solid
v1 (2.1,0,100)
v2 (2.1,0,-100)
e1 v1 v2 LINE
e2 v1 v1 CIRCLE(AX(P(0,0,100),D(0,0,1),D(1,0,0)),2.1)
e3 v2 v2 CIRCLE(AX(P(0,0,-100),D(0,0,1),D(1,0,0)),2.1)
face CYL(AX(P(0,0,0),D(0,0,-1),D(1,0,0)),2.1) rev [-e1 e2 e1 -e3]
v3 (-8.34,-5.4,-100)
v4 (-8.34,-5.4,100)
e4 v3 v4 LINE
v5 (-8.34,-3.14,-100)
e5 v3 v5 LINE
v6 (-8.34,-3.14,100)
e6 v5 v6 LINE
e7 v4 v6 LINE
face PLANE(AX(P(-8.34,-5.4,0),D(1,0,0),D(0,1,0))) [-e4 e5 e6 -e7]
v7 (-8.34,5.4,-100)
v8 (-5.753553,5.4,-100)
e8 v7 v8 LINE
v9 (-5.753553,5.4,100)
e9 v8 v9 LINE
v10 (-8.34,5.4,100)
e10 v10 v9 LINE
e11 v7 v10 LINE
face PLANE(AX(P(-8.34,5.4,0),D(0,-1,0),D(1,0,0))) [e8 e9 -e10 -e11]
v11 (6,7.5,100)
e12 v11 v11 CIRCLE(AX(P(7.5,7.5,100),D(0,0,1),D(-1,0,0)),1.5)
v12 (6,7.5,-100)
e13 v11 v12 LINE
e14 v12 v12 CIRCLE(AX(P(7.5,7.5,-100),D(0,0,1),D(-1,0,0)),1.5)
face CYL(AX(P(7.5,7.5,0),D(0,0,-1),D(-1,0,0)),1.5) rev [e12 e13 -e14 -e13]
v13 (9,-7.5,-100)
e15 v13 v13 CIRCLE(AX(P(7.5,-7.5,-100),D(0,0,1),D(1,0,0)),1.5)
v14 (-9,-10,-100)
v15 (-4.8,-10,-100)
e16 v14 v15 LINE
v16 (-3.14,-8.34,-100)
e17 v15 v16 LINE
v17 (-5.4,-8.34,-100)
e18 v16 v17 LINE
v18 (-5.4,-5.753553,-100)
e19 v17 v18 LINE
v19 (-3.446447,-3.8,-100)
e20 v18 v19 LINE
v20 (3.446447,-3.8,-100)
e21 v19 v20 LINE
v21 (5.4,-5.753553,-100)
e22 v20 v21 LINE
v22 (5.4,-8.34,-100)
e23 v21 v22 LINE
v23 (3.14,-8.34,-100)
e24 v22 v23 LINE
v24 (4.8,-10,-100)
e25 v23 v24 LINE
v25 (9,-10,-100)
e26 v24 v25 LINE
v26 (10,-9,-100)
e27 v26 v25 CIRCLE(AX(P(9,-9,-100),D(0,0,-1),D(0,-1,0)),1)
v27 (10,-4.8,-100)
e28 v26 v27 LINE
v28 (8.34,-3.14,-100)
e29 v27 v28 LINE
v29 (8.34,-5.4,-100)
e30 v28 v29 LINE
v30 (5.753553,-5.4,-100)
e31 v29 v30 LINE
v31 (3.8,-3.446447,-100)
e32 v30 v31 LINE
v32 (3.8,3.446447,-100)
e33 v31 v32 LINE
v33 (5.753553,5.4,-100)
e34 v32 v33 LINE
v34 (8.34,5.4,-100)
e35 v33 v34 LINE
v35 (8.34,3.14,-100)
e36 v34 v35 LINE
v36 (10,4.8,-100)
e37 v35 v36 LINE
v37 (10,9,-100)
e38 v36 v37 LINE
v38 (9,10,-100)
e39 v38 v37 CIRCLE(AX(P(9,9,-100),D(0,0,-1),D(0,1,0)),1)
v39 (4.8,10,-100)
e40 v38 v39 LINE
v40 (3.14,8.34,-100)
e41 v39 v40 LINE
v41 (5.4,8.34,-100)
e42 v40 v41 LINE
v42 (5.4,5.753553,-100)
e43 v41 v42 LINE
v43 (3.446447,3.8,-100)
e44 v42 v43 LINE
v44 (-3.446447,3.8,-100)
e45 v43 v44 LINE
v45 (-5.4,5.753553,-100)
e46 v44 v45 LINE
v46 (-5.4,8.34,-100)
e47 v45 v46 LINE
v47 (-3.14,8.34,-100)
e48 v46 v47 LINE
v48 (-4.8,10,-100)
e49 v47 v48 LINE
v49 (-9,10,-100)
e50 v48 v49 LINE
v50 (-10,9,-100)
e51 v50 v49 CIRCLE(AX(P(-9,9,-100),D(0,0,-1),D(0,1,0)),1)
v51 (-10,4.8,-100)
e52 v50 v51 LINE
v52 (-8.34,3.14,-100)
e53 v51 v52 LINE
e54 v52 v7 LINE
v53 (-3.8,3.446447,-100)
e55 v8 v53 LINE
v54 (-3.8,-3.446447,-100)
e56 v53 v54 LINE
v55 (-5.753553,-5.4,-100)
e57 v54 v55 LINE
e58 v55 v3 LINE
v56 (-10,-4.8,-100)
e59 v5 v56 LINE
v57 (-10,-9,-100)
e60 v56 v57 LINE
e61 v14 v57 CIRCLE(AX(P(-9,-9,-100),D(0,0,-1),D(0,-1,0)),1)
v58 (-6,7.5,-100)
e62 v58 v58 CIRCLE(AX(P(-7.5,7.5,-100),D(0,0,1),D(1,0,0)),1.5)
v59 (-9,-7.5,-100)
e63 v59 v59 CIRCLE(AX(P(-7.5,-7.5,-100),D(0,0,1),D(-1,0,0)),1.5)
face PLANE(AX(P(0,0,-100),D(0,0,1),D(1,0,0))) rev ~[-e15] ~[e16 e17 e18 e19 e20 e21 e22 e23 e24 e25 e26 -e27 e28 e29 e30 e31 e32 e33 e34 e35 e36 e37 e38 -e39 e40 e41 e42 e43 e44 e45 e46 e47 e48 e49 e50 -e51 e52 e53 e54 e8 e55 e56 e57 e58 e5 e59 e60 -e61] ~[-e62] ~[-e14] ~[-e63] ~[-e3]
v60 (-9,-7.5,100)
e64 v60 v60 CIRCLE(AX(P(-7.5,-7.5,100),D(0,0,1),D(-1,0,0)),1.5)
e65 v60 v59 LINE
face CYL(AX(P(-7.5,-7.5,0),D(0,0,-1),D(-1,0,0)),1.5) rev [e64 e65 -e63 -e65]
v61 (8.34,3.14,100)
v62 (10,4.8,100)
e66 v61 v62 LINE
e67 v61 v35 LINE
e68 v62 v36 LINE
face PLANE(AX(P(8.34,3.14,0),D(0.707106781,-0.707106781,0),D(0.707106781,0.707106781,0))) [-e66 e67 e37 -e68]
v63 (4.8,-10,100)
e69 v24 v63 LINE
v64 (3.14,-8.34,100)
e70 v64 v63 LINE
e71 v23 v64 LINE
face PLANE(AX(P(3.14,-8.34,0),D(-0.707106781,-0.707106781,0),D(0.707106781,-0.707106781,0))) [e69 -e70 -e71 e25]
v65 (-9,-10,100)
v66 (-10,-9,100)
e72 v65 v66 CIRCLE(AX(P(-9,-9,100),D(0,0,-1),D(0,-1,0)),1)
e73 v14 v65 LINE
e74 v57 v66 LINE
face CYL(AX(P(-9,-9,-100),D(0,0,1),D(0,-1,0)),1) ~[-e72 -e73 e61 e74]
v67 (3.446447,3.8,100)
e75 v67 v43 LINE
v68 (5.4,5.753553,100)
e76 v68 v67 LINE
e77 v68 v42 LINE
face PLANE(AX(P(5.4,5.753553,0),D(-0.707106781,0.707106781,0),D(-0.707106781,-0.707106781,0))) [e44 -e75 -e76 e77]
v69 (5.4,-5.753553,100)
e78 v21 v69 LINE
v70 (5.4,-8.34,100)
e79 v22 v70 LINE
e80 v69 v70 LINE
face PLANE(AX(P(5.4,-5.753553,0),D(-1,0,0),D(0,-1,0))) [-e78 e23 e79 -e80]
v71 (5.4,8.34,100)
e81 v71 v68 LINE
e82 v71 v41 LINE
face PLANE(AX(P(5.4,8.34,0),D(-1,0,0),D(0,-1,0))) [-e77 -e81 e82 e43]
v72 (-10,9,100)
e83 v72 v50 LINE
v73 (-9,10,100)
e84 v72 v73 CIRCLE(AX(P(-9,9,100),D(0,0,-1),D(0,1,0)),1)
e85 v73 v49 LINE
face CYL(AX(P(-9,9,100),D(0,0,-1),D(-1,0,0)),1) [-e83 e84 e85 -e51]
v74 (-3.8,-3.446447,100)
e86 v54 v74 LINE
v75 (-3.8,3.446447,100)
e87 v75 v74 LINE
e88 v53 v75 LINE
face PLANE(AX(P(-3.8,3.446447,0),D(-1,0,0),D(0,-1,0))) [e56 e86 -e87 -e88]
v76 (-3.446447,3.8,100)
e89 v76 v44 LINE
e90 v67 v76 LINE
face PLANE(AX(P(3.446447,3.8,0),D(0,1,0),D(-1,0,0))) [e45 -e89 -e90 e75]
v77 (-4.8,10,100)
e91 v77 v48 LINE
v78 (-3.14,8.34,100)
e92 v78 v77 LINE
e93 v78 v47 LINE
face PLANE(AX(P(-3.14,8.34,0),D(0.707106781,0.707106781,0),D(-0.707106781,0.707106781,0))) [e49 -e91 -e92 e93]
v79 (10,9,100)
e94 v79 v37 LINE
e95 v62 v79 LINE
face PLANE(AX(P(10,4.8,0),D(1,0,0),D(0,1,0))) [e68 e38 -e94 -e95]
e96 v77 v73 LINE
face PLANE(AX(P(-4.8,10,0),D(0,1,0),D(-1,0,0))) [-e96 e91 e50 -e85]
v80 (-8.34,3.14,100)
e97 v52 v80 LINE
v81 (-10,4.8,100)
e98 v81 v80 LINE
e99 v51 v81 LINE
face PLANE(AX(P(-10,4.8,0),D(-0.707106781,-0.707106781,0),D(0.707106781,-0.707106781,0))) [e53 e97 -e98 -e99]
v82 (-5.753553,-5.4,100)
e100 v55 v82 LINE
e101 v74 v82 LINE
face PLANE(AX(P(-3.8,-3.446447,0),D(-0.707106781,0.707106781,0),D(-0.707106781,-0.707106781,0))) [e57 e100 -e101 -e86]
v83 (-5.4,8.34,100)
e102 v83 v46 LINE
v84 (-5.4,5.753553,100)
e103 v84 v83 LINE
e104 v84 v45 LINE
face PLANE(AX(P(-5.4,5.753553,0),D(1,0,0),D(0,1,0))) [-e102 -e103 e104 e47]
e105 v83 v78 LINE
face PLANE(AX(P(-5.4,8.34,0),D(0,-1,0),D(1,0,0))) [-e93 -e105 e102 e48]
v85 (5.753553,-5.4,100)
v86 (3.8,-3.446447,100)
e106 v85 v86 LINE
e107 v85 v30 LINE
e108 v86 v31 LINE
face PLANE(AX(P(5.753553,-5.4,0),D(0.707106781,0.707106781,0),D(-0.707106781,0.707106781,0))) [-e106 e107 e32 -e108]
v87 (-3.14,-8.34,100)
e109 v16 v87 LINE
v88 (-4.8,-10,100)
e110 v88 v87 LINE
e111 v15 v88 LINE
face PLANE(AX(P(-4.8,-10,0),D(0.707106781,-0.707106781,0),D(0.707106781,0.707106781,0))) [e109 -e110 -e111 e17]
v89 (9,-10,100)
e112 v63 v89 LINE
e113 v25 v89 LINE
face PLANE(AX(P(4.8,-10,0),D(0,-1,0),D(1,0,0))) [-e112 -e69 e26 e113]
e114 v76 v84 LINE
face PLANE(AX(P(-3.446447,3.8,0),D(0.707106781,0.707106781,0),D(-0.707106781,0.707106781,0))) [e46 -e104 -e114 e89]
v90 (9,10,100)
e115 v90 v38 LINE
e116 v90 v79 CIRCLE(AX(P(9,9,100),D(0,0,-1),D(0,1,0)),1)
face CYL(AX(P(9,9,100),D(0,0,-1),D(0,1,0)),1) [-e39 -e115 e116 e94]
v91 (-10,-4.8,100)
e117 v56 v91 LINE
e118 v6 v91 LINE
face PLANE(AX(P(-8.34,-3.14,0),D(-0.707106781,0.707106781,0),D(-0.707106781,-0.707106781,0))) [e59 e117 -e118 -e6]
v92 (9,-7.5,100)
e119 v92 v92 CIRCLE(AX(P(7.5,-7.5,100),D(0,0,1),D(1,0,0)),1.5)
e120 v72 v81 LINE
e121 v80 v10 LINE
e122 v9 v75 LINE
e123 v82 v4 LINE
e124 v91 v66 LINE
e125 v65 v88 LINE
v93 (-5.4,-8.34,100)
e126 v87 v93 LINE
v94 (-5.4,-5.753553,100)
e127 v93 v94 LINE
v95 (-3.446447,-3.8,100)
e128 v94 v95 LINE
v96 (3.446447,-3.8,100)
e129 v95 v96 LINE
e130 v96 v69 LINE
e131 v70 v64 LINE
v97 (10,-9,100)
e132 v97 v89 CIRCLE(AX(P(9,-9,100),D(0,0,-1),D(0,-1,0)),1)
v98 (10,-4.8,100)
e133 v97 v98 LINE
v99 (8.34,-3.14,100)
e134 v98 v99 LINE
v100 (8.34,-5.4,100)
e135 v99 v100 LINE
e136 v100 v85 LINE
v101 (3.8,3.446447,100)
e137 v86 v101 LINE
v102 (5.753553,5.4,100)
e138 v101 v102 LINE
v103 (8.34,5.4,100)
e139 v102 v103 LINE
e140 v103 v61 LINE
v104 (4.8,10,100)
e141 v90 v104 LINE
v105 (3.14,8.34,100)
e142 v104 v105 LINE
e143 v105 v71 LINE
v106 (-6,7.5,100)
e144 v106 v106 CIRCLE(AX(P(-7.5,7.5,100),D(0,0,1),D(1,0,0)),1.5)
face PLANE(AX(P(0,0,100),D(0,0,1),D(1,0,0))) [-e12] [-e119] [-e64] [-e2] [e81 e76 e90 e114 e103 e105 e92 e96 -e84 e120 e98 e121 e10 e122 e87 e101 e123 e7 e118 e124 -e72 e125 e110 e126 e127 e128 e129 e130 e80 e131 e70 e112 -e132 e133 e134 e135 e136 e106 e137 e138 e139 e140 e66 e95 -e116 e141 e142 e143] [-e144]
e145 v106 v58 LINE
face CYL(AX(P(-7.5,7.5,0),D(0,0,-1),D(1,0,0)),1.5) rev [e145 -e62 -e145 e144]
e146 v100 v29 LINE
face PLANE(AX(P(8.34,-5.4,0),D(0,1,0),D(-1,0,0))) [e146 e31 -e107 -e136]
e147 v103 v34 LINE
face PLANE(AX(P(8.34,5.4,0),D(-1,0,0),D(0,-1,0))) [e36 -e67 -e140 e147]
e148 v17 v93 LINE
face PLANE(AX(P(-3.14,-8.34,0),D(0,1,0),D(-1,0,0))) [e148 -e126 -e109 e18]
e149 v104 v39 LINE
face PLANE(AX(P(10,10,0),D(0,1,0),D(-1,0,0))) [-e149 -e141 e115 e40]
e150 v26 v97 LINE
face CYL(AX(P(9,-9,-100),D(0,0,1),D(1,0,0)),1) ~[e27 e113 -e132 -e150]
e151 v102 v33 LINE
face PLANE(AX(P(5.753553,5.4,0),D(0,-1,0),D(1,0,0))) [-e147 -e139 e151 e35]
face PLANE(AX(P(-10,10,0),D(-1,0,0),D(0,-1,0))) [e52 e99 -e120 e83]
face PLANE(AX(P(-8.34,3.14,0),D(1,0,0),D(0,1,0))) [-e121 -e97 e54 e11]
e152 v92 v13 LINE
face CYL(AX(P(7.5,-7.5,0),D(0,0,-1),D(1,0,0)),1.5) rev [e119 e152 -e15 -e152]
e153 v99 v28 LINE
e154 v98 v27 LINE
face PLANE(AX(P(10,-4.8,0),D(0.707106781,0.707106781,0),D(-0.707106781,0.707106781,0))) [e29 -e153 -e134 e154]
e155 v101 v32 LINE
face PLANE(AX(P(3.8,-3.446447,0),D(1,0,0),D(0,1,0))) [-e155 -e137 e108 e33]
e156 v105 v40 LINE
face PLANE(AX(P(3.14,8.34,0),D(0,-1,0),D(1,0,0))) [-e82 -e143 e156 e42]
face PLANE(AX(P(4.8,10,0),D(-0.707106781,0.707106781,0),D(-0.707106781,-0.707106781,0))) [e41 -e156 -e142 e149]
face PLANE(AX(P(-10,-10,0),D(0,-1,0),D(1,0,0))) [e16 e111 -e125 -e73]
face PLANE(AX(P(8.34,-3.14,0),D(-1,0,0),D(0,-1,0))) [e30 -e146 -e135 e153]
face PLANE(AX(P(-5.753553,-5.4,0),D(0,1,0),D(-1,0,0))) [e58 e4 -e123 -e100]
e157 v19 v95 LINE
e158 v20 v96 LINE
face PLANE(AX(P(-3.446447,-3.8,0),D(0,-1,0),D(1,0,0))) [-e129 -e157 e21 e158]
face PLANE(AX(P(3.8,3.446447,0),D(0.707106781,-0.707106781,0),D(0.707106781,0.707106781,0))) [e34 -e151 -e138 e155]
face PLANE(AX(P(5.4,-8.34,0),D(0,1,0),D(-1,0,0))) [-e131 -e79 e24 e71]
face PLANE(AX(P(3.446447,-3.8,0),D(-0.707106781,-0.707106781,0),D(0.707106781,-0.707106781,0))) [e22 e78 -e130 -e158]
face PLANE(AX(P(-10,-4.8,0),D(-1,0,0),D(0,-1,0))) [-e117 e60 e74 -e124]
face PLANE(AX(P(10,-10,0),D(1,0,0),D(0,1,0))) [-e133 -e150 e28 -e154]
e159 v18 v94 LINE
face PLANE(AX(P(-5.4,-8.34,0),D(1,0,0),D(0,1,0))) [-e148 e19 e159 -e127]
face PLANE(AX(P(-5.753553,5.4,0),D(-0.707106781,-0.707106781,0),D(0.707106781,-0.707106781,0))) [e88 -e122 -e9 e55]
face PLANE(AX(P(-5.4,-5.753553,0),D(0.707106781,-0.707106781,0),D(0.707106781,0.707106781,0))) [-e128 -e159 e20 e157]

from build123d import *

# Parameters (mm, degrees)
SKETCH_1_R      = 1.5
SKETCH_1_R_2    = 2.1
EXTRUDE_1_DEPTH = 100
FILLET_1_R      = 1


with BuildPart() as part:
    # 草图1 → 凸台-拉伸1 (new, symmetric)
    with BuildSketch(Plane.XY):
        Polygon((-10, 10), (-10, 4.8), (-8.34, 3.14), (-8.34, 5.4), (-5.753553391, 5.4), (-3.8, 3.446446609), (-3.8, -3.446446609), (-5.753553391, -5.4), (-8.34, -5.4), (-8.34, -3.14), (-10, -4.8), (-10, -10), (-4.8, -10), (-3.14, -8.34), (-5.4, -8.34), (-5.4, -5.753553391), (-3.446446609, -3.8), (3.446446609, -3.8), (5.4, -5.753553391), (5.4, -8.34), (3.14, -8.34), (4.8, -10), (10, -10), (10, -4.8), (8.34, -3.14), (8.34, -5.4), (5.753553391, -5.4), (3.8, -3.446446609), (3.8, 3.446446609), (5.753553391, 5.4), (8.34, 5.4), (8.34, 3.14), (10, 4.8), (10, 10), (4.8, 10), (3.14, 8.34), (5.4, 8.34), (5.4, 5.753553391), (3.446446609, 3.8), (-3.446446609, 3.8), (-5.4, 5.753553391), (-5.4, 8.34), (-3.14, 8.34), (-4.8, 10), align=None)
        with Locations((-7.5, 7.5)):
            Circle(SKETCH_1_R, mode=Mode.SUBTRACT)
        Circle(SKETCH_1_R_2, mode=Mode.SUBTRACT)
        with Locations(Location((-7.5, -7.5, 0), (0, 0, 180))):
            Circle(SKETCH_1_R, mode=Mode.SUBTRACT)
        with Locations((7.5, -7.5)):
            Circle(SKETCH_1_R, mode=Mode.SUBTRACT)
        with Locations(Location((7.5, 7.5, 0), (0, 0, 180))):
            Circle(SKETCH_1_R, mode=Mode.SUBTRACT)
    extrude(amount=EXTRUDE_1_DEPTH, both=True)

    # 圆角1
    fillet_1_edges = [part.edges().sort_by_distance(p)[0] for p in [
        (10, 10, 0),
        (10, -10, 0),
        (-10, -10, 0),
        (-10, 10, 0),
    ]]
    fillet(fillet_1_edges, radius=FILLET_1_R)


solid = part.part
